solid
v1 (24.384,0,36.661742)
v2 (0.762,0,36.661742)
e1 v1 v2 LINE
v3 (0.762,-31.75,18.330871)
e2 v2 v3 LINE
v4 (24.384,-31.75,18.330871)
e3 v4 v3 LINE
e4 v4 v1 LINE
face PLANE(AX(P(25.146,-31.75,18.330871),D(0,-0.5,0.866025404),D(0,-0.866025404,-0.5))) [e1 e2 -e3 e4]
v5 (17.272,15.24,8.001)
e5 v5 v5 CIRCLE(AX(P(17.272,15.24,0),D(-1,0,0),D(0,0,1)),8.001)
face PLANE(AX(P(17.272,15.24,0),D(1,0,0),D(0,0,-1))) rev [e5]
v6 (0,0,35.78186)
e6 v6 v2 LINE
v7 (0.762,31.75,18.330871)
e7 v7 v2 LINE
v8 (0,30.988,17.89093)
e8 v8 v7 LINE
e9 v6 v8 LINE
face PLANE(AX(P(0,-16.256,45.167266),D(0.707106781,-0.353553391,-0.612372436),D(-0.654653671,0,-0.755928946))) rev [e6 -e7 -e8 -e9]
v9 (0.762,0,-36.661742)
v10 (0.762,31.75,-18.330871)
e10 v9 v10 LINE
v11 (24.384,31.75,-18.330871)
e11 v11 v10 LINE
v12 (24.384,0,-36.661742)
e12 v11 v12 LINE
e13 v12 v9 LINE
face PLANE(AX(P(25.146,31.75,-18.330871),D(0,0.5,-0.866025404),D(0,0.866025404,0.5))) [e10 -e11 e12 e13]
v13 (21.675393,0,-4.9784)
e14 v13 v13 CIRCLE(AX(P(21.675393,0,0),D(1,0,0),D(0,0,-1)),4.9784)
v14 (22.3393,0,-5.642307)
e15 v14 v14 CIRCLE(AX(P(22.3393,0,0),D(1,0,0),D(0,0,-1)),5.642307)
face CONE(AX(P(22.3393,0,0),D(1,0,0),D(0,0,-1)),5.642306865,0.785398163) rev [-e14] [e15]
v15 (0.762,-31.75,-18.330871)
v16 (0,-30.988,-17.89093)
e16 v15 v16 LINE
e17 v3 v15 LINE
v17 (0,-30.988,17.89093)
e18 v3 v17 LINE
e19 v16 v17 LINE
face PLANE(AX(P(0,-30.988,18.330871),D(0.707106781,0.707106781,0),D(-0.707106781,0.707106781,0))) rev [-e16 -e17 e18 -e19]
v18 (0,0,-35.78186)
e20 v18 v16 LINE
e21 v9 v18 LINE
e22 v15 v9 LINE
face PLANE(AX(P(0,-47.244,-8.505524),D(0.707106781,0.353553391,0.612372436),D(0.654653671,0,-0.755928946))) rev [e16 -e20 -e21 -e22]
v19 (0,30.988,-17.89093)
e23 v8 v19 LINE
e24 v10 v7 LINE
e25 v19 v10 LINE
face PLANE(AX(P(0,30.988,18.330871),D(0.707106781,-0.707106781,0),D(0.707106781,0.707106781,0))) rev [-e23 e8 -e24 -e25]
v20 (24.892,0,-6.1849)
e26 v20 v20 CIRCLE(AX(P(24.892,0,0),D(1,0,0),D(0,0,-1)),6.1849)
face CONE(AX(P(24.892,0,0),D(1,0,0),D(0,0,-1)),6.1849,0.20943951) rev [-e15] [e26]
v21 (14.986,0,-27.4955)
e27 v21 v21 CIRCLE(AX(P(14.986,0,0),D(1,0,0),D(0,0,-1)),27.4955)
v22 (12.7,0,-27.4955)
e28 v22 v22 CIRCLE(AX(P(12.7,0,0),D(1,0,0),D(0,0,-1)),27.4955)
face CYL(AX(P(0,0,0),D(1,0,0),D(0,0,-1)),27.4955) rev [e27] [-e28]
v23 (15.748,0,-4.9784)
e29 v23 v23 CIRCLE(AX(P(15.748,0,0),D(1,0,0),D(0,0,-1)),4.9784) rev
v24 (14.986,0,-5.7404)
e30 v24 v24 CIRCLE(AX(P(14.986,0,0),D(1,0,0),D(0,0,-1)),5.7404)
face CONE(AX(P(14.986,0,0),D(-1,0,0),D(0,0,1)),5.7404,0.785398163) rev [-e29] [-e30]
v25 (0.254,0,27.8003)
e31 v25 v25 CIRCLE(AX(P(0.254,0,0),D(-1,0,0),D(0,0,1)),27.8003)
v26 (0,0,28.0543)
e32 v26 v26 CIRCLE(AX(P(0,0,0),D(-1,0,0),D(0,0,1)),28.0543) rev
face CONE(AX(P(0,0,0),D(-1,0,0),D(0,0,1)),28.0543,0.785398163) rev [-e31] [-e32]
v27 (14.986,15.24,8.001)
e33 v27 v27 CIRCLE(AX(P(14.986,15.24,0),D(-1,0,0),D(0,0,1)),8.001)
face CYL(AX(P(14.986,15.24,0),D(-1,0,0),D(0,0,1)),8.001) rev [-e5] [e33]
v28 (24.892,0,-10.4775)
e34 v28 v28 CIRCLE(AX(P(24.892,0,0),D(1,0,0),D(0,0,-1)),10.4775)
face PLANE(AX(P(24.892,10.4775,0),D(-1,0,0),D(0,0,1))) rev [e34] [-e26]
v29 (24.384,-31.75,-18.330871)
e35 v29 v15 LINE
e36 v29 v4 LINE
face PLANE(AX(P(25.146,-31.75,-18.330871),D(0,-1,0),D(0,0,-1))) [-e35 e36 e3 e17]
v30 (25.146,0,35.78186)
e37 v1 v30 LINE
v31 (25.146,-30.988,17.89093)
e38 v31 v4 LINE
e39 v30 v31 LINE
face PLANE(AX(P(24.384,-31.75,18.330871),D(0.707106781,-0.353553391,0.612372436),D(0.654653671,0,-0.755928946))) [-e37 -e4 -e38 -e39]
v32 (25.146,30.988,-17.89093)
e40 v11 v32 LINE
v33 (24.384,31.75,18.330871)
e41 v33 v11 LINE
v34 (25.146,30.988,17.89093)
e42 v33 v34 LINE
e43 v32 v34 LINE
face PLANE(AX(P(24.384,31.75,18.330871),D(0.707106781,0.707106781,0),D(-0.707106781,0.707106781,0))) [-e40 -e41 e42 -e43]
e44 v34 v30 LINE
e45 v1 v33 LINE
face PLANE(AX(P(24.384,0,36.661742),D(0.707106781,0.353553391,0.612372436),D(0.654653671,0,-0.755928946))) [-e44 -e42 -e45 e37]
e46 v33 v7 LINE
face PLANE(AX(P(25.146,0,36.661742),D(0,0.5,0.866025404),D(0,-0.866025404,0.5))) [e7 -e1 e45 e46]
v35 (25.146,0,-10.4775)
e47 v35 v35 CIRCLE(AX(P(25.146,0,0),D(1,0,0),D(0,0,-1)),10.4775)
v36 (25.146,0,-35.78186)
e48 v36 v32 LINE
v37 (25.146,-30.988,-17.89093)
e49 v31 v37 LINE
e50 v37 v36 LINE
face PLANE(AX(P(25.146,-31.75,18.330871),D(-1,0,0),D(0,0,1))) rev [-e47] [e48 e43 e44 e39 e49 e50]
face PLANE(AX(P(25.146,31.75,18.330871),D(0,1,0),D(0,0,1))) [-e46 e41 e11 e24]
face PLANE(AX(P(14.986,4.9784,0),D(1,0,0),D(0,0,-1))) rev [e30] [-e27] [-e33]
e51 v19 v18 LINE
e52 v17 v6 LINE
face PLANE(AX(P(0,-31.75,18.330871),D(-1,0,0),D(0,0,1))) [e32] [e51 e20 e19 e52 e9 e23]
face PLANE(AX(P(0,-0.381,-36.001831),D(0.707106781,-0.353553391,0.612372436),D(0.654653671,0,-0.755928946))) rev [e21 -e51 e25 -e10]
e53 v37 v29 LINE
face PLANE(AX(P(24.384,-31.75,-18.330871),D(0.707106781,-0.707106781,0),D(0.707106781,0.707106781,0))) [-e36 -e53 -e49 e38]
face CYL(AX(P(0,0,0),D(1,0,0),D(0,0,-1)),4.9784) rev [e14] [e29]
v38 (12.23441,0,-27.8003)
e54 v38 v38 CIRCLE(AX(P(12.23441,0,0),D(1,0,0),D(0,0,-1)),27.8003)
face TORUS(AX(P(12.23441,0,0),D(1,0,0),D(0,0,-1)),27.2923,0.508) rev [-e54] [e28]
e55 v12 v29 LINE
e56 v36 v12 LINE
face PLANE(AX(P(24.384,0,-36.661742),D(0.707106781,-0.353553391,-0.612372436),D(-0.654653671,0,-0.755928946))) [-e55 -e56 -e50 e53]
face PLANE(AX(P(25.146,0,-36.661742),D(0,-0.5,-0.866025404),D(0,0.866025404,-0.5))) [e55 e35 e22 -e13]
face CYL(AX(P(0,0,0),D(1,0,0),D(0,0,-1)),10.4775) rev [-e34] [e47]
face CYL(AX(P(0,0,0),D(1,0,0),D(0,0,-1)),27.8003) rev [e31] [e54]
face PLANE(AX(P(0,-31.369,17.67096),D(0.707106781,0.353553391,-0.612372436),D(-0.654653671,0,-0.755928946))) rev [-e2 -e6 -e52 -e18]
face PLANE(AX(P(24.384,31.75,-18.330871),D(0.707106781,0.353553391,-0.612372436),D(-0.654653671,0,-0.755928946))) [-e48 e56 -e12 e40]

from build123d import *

# Parameters (mm, degrees)
EXTRUDE1_DEPTH = 25.146
HOLE1_D        = 16.002
HOLE1_DEPTH    = 2.286
CHAMFER1_SIZE  = 0.254
CHAMFER2_SIZE  = 0.762
CHAMFER3_SIZE  = 0.762
CHAMFER4_SIZE  = 0.762


with BuildPart() as part:
    # Sketch1 → Extrude1 (new body)
    with BuildSketch(Plane(origin=(0, 0, 0), x_dir=(0, -1, 0), z_dir=(-1, 0, 0))):
        Polygon((31.75, 18.330871047), (0, 36.661742094), (-31.75, 18.330871047), (-31.75, -18.330871047), (0, -36.661742094), (31.75, -18.330871047), align=None)
    extrude(amount=-EXTRUDE1_DEPTH)

    # Sketch2 → Cut-Revolve1 (revolve, cut)
    with BuildSketch(Plane.XY, mode=Mode.PRIVATE) as cut_revolve1_sk:
        with BuildLine():
            Line((0, 27.8003), (0, 0))
            Line((0, 0), (25.146, 0))
            Line((25.146, 0), (25.146, 10.4775))
            Line((25.146, 10.4775), (24.892, 10.4775))
            Line((24.892, 10.4775), (24.892, 6.1849))
            Line((24.892, 6.1849), (22.3393, 5.642306865))
            Line((22.3393, 5.642306865), (21.675393135, 4.9784))
            Line((21.675393135, 4.9784), (14.986, 4.9784))
            Line((14.986, 4.9784), (14.986, 27.4955))
            Line((14.986, 27.4955), (12.7, 27.4955))
            ThreePointArc((12.7, 27.4955), (12.512653369, 27.717323293), (12.234410309, 27.8003))
            Line((12.234410309, 27.8003), (0, 27.8003))
        make_face()
    revolve(cut_revolve1_sk.sketch.rotate(Axis((0, 0, 0), (1, 0, 0)), 270), axis=Axis((0, 0, 0), (1, 0, 0)), mode=Mode.SUBTRACT)  # turned: the seam where the file's is

    # Hole1
    with Locations(Plane.ZY.offset(-14.986)):
        with Locations((0, 15.24)):
            Hole(HOLE1_D / 2, depth=HOLE1_DEPTH)

    # Chamfer1
    chamfer1_edges = [part.edges().sort_by_distance(p)[0] for p in [
        (0, 0, 27.8003),
    ]]
    chamfer(chamfer1_edges, length=CHAMFER1_SIZE)

    # Chamfer2
    chamfer2_edges = [part.edges().sort_by_distance(p)[0] for p in [
        (14.986, 0, 4.9784),
    ]]
    chamfer(chamfer2_edges, length=CHAMFER2_SIZE)

    # Chamfer3
    chamfer3_edges = [part.edges().sort_by_distance(p)[0] for p in [
        (0, -15.875, -27.49630657),
        (0, 15.875, -27.49630657),
        (0, 31.75, 0),
        (0, 15.875, 27.49630657),
        (0, -15.875, 27.49630657),
        (0, -31.75, 0),
    ]]
    chamfer(chamfer3_edges, length=CHAMFER3_SIZE)

    # Chamfer4
    chamfer4_edges = [part.edges().sort_by_distance(p)[0] for p in [
        (25.146, 15.875, 27.49630657),
        (25.146, 31.75, 0),
        (25.146, 15.875, -27.49630657),
        (25.146, -15.875, -27.49630657),
        (25.146, -31.75, 0),
        (25.146, -15.875, 27.49630657),
    ]]
    chamfer(chamfer4_edges, length=CHAMFER4_SIZE)


solid = part.part
